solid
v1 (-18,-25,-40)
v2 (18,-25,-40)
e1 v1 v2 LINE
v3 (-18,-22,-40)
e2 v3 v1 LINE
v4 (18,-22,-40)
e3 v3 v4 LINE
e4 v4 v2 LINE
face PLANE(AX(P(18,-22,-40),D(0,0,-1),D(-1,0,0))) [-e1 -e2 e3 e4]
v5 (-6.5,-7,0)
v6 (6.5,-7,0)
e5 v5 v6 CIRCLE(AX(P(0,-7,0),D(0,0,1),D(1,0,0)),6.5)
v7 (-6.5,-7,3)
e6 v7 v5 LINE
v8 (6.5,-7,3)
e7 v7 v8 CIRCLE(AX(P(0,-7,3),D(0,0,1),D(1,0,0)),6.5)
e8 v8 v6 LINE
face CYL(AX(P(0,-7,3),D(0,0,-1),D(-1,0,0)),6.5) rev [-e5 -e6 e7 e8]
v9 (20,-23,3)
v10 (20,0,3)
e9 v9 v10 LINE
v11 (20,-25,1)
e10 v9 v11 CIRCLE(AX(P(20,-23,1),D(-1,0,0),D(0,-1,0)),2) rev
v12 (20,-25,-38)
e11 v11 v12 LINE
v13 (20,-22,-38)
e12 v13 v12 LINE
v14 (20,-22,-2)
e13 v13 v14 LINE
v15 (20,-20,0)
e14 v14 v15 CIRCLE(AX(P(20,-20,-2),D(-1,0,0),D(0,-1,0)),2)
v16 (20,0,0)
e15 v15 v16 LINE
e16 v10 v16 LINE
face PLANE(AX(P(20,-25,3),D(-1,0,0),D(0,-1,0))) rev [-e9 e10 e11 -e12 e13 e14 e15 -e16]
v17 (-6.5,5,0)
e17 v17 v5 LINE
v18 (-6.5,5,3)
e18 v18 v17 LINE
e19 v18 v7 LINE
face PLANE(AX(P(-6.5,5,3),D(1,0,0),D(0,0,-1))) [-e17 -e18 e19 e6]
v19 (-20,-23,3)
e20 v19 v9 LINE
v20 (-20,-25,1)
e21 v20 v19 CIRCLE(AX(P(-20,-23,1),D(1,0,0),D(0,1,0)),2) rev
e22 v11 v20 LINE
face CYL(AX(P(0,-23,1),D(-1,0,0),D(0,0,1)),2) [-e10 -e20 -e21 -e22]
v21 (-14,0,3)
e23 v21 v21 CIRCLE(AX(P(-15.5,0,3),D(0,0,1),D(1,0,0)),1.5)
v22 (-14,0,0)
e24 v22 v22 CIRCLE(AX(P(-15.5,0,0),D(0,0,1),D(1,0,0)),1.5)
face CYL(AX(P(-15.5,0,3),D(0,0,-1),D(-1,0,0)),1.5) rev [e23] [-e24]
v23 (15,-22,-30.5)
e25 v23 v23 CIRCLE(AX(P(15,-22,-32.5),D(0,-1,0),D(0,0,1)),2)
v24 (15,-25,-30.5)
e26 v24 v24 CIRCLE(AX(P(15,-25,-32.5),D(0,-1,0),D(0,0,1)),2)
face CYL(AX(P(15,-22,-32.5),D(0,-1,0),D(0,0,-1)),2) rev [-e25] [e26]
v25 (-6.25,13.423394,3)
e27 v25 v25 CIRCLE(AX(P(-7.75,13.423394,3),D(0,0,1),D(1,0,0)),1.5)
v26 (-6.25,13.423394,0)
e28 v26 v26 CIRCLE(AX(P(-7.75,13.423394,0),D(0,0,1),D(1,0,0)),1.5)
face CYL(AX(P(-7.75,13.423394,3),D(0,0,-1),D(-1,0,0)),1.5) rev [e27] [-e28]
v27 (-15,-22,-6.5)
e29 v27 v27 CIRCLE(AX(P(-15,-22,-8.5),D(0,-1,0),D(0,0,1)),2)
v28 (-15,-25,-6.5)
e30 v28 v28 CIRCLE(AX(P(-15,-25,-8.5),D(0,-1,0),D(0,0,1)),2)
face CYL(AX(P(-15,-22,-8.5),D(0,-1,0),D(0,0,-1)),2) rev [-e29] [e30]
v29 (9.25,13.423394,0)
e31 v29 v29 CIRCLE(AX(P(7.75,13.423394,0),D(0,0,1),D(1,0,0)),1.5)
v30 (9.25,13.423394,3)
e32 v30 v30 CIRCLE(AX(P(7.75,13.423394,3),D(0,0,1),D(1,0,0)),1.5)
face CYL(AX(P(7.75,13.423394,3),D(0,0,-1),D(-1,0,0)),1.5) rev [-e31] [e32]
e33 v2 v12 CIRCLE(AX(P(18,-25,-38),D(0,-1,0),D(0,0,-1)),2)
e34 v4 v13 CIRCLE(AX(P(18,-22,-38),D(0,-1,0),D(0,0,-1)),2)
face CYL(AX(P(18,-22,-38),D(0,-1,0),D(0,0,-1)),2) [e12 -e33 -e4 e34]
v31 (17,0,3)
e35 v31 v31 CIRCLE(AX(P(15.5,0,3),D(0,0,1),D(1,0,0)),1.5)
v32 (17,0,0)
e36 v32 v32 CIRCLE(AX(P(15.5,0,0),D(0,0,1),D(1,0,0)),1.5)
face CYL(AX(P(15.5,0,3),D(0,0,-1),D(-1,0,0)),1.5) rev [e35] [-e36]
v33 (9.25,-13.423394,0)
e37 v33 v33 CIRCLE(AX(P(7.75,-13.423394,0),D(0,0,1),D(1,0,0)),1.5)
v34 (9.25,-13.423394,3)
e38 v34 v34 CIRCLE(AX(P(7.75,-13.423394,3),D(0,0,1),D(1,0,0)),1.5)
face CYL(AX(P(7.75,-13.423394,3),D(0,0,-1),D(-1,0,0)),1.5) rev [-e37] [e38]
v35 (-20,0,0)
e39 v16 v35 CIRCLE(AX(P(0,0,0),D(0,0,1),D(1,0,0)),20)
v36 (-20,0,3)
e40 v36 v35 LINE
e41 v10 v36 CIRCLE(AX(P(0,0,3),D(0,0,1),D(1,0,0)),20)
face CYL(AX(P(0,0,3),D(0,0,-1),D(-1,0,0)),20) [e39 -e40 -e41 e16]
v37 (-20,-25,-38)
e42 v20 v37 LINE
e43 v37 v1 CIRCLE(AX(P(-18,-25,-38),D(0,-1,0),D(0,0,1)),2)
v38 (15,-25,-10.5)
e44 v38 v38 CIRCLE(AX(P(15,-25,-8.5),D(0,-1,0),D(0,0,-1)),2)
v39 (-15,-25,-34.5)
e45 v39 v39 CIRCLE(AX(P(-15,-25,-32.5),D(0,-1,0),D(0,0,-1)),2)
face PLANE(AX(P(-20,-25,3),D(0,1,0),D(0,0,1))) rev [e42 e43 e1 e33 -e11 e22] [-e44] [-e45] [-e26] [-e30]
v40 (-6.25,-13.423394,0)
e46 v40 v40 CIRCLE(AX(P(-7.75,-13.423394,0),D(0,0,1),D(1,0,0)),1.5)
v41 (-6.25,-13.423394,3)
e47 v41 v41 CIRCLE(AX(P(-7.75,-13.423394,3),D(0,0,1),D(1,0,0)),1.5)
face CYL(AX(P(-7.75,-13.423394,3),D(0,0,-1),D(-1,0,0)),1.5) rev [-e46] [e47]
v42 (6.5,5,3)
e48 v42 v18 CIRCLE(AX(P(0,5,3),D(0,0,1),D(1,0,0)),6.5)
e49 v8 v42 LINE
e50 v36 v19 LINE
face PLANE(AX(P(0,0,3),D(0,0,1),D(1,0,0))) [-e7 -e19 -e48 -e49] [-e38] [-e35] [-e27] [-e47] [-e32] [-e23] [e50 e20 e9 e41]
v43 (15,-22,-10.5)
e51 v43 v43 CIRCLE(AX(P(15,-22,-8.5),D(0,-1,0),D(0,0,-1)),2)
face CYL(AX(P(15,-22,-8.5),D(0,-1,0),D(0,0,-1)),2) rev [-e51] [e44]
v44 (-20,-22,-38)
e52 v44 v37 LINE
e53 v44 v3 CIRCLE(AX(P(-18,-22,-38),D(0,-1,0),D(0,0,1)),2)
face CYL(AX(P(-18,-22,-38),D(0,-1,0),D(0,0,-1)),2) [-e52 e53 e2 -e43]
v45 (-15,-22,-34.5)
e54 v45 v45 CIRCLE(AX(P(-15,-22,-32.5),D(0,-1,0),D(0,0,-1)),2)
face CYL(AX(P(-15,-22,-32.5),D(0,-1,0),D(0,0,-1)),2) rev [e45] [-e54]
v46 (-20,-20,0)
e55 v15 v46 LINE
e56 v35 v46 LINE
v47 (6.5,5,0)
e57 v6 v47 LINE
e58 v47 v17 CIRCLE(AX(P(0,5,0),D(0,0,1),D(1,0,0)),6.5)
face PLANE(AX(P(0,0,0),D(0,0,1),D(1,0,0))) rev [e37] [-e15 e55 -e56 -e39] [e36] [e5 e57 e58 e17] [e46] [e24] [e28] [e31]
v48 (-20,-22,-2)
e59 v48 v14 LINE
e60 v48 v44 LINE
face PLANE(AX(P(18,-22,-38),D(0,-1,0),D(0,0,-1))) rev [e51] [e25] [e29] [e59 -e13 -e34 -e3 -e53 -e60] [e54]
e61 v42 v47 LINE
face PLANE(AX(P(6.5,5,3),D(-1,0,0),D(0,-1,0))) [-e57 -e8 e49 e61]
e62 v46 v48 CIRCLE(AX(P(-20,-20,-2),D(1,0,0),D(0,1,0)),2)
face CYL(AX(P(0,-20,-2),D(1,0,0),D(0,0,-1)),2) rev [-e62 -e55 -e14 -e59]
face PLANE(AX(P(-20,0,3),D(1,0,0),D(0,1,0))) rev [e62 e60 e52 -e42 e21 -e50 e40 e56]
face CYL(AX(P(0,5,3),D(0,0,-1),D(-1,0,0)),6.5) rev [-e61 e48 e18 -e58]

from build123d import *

# Parameters (mm, degrees)
SKETCH_1_R      = 1.5
EXTRUDE_1_DEPTH = 3
SKETCH_2_R      = 2
EXTRUDE_2_DEPTH = 3
FILLET_1_R      = 2


with BuildPart() as part:
    # 草图1 → 凸台-拉伸1 (new body)
    with BuildSketch(Plane.XY):
        with BuildLine():
            Line((-20, 0), (-20, -25))
            Line((-20, -25), (20, -25))
            Line((20, -25), (20, 0))
            ThreePointArc((20, 0), (0, 20), (-20, 0))
        make_face()
        with Locations((7.75, 13.423393759)):
            Circle(SKETCH_1_R, mode=Mode.SUBTRACT)
        with Locations((15.5, 0)):
            Circle(SKETCH_1_R, mode=Mode.SUBTRACT)
        with Locations((7.75, -13.423393759)):
            Circle(SKETCH_1_R, mode=Mode.SUBTRACT)
        with Locations((-7.75, -13.423393759)):
            Circle(SKETCH_1_R, mode=Mode.SUBTRACT)
        with Locations((-15.5, 0)):
            Circle(SKETCH_1_R, mode=Mode.SUBTRACT)
        with Locations((-7.75, 13.423393759)):
            Circle(SKETCH_1_R, mode=Mode.SUBTRACT)
        with BuildLine():
            Line((6.5, 5), (6.5, -7))
            ThreePointArc((6.5, -7), (0, -13.5), (-6.5, -7))
            Line((-6.5, -7), (-6.5, 5))
            ThreePointArc((-6.5, 5), (0, 11.5), (6.5, 5))
        make_face(mode=Mode.SUBTRACT)
    extrude(amount=EXTRUDE_1_DEPTH)

    # 草图2 → 凸台-拉伸2 (add)
    with BuildSketch(Plane.XZ.offset(25)):
        with BuildLine():
            Line((20, 0), (-20, 0))
            Line((-20, 0), (-20, -38))
            ThreePointArc((-20, -38), (-19.414213562, -39.414213562), (-18, -40))
            Line((-18, -40), (18, -40))
            ThreePointArc((18, -40), (19.414213562, -39.414213562), (20, -38))
            Line((20, -38), (20, 0))
        make_face()
        with Locations(Location((-15, -32.5, 0), (0, 0, 270))):
            Circle(SKETCH_2_R, mode=Mode.SUBTRACT)
        with Locations(Location((-15, -8.5, 0), (0, 0, 90))):
            Circle(SKETCH_2_R, mode=Mode.SUBTRACT)
        with Locations(Location((15, -32.5, 0), (0, 0, 90))):
            Circle(SKETCH_2_R, mode=Mode.SUBTRACT)
        with Locations(Location((15, -8.5, 0), (0, 0, 270))):
            Circle(SKETCH_2_R, mode=Mode.SUBTRACT)
    extrude(amount=-EXTRUDE_2_DEPTH)

    # 圆角1
    fillet_1_edges = [part.edges().sort_by_distance(p)[0] for p in [
        (0, -25, 3),
        (0, -22, 0),
    ]]
    fillet(fillet_1_edges, radius=FILLET_1_R)


solid = part.part
